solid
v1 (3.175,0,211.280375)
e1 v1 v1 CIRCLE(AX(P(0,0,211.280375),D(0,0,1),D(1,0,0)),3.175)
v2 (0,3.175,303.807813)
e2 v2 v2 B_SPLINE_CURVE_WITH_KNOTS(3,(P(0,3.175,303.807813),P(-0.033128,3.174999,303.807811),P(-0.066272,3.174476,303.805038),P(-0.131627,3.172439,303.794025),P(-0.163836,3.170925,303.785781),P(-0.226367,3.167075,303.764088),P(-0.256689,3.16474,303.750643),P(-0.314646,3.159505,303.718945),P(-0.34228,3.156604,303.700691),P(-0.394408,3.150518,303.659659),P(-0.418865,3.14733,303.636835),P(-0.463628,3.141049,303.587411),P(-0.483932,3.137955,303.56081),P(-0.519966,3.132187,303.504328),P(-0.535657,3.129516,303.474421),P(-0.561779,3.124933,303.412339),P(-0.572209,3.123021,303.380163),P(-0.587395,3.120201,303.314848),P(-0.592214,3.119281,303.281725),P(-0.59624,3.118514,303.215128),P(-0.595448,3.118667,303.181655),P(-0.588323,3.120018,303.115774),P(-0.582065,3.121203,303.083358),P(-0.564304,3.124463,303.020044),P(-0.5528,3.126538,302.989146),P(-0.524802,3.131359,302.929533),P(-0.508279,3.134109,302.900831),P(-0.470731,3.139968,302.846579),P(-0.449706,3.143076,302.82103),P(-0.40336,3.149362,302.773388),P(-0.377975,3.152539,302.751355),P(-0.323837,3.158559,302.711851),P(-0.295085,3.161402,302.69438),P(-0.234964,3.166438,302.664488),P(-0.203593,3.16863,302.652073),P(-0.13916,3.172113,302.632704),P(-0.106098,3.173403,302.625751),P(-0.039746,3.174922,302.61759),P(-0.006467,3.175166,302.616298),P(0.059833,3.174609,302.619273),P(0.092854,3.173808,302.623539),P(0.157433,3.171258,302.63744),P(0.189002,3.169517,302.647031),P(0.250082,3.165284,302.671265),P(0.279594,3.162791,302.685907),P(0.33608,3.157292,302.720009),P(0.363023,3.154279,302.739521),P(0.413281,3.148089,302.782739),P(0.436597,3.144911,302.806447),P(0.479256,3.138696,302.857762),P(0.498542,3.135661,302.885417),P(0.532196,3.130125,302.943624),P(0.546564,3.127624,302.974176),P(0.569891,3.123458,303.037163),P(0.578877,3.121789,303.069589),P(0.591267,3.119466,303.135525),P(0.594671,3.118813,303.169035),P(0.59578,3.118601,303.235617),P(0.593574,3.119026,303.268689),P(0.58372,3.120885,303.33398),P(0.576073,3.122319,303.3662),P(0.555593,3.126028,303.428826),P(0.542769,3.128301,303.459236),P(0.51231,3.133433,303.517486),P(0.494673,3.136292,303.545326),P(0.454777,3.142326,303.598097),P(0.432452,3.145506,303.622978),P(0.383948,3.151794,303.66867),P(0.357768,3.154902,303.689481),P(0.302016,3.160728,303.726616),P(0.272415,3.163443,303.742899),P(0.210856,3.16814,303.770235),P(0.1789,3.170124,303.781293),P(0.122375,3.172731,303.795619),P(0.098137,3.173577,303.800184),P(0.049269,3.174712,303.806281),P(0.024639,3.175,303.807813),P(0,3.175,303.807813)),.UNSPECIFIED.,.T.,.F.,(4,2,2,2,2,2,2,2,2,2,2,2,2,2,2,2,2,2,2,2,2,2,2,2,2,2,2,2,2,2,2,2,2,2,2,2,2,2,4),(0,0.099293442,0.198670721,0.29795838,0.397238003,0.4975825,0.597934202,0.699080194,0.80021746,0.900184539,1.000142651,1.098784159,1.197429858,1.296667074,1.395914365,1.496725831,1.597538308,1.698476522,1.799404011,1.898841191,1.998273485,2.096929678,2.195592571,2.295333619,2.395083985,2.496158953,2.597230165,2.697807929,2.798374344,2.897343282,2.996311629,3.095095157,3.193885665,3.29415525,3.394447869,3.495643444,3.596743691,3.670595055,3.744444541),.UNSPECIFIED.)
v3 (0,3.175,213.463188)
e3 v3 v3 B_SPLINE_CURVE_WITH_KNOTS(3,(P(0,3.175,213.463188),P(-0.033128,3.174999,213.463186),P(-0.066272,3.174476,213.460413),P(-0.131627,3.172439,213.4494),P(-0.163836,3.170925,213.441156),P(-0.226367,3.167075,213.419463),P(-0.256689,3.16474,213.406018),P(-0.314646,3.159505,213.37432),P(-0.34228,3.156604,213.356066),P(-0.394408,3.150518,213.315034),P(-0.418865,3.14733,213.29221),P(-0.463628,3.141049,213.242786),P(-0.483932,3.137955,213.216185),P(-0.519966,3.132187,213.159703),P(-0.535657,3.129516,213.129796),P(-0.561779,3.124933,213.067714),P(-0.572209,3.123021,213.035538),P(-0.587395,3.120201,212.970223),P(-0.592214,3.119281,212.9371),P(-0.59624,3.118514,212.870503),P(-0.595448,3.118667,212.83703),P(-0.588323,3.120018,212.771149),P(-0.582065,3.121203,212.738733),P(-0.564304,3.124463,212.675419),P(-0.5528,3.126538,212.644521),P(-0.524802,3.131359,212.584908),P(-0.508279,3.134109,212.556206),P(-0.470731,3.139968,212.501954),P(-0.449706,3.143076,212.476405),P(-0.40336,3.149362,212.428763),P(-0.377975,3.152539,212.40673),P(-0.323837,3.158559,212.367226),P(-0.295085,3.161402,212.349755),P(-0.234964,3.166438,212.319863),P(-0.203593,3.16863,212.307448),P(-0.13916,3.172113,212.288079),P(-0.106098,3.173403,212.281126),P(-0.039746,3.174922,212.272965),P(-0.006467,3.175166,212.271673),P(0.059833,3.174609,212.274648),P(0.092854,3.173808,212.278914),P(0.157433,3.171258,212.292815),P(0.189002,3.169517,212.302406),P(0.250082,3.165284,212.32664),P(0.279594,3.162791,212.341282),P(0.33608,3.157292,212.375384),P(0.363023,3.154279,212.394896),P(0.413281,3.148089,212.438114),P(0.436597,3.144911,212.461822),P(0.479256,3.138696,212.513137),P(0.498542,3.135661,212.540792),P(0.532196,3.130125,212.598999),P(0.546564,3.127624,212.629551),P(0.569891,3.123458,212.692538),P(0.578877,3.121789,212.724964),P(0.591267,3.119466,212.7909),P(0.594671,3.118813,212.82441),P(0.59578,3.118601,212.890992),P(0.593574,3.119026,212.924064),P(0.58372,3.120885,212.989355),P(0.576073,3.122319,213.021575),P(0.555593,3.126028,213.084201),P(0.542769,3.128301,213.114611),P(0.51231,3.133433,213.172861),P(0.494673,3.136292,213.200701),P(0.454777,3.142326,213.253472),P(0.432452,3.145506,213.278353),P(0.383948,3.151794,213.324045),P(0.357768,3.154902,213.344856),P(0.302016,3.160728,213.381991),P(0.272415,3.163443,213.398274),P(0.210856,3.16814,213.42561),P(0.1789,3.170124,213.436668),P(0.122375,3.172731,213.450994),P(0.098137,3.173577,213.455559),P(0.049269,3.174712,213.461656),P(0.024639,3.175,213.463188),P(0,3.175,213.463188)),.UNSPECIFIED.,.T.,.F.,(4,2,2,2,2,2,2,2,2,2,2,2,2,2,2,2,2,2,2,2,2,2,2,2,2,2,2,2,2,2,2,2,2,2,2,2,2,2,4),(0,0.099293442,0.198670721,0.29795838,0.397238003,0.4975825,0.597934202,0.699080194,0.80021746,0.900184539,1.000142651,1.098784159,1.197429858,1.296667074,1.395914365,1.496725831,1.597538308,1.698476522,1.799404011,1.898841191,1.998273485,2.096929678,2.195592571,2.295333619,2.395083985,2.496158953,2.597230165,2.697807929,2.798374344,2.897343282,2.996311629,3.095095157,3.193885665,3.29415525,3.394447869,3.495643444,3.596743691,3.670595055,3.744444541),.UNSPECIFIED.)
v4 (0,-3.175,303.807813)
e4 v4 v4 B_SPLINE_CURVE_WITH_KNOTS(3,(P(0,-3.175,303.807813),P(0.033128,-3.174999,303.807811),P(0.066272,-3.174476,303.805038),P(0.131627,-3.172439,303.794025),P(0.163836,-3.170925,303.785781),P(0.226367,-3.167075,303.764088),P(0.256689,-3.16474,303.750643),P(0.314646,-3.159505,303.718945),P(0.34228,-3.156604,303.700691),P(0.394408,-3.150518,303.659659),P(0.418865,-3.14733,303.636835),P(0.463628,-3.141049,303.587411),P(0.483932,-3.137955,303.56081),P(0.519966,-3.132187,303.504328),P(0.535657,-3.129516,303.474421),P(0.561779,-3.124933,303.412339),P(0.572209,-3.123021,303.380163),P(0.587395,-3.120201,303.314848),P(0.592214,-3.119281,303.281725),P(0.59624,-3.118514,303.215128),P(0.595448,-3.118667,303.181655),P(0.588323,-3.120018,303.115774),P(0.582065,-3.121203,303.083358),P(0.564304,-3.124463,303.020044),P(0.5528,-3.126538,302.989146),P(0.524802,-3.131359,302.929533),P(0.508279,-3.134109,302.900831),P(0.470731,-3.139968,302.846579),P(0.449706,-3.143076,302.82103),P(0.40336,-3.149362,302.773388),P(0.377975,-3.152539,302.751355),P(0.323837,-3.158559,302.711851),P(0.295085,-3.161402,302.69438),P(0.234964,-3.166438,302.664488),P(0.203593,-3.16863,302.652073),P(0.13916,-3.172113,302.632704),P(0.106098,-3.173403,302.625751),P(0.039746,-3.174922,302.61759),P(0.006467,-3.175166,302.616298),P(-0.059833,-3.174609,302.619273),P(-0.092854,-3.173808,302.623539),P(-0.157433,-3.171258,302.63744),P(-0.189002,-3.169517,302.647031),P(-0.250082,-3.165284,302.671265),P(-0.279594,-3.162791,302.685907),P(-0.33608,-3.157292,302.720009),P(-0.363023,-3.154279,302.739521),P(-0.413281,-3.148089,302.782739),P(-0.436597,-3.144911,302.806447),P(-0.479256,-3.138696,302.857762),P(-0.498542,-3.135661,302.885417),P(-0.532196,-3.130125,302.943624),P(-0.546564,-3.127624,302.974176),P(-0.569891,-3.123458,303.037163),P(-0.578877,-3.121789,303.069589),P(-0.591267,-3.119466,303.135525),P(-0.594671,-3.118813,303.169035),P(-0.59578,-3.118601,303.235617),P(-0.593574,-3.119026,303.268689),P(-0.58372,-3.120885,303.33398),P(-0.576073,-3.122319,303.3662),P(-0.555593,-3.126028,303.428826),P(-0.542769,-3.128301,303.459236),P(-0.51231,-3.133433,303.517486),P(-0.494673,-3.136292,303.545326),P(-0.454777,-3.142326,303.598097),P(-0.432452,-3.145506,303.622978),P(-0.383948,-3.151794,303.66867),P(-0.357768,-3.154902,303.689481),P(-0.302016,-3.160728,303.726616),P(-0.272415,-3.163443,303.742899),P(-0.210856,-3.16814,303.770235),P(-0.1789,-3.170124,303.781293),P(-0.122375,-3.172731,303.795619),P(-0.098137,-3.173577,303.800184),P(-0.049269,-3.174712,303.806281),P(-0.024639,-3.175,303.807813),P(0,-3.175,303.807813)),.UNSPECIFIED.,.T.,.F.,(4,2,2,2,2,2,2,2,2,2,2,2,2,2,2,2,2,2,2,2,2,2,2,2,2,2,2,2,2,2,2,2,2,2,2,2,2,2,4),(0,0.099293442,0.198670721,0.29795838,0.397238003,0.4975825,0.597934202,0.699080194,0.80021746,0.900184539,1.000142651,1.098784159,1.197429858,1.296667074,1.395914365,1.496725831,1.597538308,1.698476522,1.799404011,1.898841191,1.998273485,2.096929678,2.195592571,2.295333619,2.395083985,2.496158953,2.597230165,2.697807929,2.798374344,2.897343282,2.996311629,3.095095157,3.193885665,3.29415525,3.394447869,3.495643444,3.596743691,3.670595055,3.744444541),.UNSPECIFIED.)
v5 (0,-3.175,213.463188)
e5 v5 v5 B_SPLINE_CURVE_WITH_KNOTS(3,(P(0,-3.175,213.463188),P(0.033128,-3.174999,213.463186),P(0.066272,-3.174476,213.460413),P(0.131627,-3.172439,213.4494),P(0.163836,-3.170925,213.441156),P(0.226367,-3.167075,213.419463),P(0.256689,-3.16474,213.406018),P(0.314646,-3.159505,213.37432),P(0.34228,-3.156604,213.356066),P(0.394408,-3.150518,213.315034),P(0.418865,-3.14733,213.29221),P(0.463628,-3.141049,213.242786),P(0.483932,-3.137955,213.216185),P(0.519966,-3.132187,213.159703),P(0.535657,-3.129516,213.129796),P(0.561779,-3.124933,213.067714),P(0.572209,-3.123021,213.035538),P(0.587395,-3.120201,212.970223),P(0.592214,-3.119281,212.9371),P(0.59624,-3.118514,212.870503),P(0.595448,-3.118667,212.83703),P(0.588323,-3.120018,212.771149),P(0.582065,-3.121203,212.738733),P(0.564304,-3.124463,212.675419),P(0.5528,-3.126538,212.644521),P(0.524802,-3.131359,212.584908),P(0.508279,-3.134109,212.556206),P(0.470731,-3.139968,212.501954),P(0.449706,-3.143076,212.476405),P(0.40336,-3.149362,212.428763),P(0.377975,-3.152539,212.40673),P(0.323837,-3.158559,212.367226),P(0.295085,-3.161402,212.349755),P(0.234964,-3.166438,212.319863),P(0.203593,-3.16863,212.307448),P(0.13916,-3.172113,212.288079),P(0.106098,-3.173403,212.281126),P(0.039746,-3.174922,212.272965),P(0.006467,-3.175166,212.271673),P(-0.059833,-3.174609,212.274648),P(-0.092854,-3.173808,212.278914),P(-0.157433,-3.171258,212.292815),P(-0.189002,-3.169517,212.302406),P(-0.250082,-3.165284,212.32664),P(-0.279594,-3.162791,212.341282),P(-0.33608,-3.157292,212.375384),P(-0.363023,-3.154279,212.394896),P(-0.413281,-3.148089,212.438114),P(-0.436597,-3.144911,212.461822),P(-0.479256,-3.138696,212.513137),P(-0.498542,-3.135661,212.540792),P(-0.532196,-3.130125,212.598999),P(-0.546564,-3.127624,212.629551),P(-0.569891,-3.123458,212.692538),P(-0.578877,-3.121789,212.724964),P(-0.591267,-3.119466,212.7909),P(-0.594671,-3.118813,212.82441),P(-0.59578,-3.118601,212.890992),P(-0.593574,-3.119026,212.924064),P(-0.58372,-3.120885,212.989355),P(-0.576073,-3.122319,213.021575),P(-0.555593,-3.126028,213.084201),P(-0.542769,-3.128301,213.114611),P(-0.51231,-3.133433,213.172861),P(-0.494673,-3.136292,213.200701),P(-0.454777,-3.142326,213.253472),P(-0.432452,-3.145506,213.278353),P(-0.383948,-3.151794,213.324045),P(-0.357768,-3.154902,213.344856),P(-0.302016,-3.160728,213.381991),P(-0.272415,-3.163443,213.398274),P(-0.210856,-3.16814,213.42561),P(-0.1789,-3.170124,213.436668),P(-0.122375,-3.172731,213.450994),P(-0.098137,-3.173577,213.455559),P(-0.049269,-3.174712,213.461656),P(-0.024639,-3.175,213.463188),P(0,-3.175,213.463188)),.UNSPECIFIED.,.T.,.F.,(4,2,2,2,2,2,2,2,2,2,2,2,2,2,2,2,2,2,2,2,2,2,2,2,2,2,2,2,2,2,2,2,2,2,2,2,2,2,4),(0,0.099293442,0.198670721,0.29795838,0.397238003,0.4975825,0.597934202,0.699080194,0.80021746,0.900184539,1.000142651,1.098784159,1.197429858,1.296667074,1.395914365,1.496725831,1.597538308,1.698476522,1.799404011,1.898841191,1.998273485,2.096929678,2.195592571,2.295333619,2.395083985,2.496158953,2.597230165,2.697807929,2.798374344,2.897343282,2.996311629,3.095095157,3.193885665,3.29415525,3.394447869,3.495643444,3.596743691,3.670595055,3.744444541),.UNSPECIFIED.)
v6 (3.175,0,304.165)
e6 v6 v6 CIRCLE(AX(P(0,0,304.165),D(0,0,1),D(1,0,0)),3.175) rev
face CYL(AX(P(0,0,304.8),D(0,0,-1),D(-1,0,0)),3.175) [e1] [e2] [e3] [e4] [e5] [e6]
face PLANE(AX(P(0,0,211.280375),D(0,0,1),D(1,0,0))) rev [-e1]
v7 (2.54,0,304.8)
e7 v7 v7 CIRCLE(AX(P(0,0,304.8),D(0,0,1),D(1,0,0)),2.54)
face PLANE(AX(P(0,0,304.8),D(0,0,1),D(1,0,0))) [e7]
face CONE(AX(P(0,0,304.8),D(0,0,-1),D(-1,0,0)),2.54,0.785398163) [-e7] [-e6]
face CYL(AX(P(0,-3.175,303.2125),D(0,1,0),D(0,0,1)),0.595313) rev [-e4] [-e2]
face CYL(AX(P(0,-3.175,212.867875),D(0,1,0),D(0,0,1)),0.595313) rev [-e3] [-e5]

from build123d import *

# Parameters (mm, degrees)
SKETCH3_R               = 3.175
BOSS_EXTRUDE1_DEPTH     = 304.8
CHAMFER1_SIZE           = 0.635
CUT_EXTRUDE1_START      = -93.519625
SKETCH4_R               = 3.175
CUT_EXTRUDE1_DEPTH      = 517.080375
SKETCH5_R               = 0.5953125
CUT_EXTRUDE2_DEPTH      = 4.175
CUT_EXTRUDE2_DEPTH_BACK = 4.175


with BuildPart() as part:
    # Sketch3 → Boss-Extrude1 (new body, symmetric)
    with BuildSketch(Plane.XY):
        Circle(SKETCH3_R)
    extrude(amount=BOSS_EXTRUDE1_DEPTH, both=True)

    # Chamfer1
    chamfer1_edges = [part.edges().sort_by_distance(p)[0] for p in [
        (-3.175, 0, -304.8),
        (-3.175, 0, 304.8),
    ]]
    chamfer(chamfer1_edges, length=CHAMFER1_SIZE)

    # Sketch4 → Cut-Extrude1 (cut, through all)
    with BuildSketch(Plane.XY.offset(304.8).offset(CUT_EXTRUDE1_START)):
        Circle(SKETCH4_R)
    extrude(amount=-CUT_EXTRUDE1_DEPTH, mode=Mode.SUBTRACT)

    # Sketch5 → Cut-Extrude2 (cut, two sides)
    with BuildSketch(Plane(origin=(0, 0, 0), x_dir=(1, 0, 0), z_dir=(0, 1, 0))) as cut_extrude2_sk:
        with Locations((0, -212.867875)):
            Circle(SKETCH5_R)
        with Locations((0, -303.2125)):
            Circle(SKETCH5_R)
    extrude(amount=CUT_EXTRUDE2_DEPTH, mode=Mode.SUBTRACT)
    extrude(cut_extrude2_sk.sketch, amount=-CUT_EXTRUDE2_DEPTH_BACK, mode=Mode.SUBTRACT)


solid = part.part
